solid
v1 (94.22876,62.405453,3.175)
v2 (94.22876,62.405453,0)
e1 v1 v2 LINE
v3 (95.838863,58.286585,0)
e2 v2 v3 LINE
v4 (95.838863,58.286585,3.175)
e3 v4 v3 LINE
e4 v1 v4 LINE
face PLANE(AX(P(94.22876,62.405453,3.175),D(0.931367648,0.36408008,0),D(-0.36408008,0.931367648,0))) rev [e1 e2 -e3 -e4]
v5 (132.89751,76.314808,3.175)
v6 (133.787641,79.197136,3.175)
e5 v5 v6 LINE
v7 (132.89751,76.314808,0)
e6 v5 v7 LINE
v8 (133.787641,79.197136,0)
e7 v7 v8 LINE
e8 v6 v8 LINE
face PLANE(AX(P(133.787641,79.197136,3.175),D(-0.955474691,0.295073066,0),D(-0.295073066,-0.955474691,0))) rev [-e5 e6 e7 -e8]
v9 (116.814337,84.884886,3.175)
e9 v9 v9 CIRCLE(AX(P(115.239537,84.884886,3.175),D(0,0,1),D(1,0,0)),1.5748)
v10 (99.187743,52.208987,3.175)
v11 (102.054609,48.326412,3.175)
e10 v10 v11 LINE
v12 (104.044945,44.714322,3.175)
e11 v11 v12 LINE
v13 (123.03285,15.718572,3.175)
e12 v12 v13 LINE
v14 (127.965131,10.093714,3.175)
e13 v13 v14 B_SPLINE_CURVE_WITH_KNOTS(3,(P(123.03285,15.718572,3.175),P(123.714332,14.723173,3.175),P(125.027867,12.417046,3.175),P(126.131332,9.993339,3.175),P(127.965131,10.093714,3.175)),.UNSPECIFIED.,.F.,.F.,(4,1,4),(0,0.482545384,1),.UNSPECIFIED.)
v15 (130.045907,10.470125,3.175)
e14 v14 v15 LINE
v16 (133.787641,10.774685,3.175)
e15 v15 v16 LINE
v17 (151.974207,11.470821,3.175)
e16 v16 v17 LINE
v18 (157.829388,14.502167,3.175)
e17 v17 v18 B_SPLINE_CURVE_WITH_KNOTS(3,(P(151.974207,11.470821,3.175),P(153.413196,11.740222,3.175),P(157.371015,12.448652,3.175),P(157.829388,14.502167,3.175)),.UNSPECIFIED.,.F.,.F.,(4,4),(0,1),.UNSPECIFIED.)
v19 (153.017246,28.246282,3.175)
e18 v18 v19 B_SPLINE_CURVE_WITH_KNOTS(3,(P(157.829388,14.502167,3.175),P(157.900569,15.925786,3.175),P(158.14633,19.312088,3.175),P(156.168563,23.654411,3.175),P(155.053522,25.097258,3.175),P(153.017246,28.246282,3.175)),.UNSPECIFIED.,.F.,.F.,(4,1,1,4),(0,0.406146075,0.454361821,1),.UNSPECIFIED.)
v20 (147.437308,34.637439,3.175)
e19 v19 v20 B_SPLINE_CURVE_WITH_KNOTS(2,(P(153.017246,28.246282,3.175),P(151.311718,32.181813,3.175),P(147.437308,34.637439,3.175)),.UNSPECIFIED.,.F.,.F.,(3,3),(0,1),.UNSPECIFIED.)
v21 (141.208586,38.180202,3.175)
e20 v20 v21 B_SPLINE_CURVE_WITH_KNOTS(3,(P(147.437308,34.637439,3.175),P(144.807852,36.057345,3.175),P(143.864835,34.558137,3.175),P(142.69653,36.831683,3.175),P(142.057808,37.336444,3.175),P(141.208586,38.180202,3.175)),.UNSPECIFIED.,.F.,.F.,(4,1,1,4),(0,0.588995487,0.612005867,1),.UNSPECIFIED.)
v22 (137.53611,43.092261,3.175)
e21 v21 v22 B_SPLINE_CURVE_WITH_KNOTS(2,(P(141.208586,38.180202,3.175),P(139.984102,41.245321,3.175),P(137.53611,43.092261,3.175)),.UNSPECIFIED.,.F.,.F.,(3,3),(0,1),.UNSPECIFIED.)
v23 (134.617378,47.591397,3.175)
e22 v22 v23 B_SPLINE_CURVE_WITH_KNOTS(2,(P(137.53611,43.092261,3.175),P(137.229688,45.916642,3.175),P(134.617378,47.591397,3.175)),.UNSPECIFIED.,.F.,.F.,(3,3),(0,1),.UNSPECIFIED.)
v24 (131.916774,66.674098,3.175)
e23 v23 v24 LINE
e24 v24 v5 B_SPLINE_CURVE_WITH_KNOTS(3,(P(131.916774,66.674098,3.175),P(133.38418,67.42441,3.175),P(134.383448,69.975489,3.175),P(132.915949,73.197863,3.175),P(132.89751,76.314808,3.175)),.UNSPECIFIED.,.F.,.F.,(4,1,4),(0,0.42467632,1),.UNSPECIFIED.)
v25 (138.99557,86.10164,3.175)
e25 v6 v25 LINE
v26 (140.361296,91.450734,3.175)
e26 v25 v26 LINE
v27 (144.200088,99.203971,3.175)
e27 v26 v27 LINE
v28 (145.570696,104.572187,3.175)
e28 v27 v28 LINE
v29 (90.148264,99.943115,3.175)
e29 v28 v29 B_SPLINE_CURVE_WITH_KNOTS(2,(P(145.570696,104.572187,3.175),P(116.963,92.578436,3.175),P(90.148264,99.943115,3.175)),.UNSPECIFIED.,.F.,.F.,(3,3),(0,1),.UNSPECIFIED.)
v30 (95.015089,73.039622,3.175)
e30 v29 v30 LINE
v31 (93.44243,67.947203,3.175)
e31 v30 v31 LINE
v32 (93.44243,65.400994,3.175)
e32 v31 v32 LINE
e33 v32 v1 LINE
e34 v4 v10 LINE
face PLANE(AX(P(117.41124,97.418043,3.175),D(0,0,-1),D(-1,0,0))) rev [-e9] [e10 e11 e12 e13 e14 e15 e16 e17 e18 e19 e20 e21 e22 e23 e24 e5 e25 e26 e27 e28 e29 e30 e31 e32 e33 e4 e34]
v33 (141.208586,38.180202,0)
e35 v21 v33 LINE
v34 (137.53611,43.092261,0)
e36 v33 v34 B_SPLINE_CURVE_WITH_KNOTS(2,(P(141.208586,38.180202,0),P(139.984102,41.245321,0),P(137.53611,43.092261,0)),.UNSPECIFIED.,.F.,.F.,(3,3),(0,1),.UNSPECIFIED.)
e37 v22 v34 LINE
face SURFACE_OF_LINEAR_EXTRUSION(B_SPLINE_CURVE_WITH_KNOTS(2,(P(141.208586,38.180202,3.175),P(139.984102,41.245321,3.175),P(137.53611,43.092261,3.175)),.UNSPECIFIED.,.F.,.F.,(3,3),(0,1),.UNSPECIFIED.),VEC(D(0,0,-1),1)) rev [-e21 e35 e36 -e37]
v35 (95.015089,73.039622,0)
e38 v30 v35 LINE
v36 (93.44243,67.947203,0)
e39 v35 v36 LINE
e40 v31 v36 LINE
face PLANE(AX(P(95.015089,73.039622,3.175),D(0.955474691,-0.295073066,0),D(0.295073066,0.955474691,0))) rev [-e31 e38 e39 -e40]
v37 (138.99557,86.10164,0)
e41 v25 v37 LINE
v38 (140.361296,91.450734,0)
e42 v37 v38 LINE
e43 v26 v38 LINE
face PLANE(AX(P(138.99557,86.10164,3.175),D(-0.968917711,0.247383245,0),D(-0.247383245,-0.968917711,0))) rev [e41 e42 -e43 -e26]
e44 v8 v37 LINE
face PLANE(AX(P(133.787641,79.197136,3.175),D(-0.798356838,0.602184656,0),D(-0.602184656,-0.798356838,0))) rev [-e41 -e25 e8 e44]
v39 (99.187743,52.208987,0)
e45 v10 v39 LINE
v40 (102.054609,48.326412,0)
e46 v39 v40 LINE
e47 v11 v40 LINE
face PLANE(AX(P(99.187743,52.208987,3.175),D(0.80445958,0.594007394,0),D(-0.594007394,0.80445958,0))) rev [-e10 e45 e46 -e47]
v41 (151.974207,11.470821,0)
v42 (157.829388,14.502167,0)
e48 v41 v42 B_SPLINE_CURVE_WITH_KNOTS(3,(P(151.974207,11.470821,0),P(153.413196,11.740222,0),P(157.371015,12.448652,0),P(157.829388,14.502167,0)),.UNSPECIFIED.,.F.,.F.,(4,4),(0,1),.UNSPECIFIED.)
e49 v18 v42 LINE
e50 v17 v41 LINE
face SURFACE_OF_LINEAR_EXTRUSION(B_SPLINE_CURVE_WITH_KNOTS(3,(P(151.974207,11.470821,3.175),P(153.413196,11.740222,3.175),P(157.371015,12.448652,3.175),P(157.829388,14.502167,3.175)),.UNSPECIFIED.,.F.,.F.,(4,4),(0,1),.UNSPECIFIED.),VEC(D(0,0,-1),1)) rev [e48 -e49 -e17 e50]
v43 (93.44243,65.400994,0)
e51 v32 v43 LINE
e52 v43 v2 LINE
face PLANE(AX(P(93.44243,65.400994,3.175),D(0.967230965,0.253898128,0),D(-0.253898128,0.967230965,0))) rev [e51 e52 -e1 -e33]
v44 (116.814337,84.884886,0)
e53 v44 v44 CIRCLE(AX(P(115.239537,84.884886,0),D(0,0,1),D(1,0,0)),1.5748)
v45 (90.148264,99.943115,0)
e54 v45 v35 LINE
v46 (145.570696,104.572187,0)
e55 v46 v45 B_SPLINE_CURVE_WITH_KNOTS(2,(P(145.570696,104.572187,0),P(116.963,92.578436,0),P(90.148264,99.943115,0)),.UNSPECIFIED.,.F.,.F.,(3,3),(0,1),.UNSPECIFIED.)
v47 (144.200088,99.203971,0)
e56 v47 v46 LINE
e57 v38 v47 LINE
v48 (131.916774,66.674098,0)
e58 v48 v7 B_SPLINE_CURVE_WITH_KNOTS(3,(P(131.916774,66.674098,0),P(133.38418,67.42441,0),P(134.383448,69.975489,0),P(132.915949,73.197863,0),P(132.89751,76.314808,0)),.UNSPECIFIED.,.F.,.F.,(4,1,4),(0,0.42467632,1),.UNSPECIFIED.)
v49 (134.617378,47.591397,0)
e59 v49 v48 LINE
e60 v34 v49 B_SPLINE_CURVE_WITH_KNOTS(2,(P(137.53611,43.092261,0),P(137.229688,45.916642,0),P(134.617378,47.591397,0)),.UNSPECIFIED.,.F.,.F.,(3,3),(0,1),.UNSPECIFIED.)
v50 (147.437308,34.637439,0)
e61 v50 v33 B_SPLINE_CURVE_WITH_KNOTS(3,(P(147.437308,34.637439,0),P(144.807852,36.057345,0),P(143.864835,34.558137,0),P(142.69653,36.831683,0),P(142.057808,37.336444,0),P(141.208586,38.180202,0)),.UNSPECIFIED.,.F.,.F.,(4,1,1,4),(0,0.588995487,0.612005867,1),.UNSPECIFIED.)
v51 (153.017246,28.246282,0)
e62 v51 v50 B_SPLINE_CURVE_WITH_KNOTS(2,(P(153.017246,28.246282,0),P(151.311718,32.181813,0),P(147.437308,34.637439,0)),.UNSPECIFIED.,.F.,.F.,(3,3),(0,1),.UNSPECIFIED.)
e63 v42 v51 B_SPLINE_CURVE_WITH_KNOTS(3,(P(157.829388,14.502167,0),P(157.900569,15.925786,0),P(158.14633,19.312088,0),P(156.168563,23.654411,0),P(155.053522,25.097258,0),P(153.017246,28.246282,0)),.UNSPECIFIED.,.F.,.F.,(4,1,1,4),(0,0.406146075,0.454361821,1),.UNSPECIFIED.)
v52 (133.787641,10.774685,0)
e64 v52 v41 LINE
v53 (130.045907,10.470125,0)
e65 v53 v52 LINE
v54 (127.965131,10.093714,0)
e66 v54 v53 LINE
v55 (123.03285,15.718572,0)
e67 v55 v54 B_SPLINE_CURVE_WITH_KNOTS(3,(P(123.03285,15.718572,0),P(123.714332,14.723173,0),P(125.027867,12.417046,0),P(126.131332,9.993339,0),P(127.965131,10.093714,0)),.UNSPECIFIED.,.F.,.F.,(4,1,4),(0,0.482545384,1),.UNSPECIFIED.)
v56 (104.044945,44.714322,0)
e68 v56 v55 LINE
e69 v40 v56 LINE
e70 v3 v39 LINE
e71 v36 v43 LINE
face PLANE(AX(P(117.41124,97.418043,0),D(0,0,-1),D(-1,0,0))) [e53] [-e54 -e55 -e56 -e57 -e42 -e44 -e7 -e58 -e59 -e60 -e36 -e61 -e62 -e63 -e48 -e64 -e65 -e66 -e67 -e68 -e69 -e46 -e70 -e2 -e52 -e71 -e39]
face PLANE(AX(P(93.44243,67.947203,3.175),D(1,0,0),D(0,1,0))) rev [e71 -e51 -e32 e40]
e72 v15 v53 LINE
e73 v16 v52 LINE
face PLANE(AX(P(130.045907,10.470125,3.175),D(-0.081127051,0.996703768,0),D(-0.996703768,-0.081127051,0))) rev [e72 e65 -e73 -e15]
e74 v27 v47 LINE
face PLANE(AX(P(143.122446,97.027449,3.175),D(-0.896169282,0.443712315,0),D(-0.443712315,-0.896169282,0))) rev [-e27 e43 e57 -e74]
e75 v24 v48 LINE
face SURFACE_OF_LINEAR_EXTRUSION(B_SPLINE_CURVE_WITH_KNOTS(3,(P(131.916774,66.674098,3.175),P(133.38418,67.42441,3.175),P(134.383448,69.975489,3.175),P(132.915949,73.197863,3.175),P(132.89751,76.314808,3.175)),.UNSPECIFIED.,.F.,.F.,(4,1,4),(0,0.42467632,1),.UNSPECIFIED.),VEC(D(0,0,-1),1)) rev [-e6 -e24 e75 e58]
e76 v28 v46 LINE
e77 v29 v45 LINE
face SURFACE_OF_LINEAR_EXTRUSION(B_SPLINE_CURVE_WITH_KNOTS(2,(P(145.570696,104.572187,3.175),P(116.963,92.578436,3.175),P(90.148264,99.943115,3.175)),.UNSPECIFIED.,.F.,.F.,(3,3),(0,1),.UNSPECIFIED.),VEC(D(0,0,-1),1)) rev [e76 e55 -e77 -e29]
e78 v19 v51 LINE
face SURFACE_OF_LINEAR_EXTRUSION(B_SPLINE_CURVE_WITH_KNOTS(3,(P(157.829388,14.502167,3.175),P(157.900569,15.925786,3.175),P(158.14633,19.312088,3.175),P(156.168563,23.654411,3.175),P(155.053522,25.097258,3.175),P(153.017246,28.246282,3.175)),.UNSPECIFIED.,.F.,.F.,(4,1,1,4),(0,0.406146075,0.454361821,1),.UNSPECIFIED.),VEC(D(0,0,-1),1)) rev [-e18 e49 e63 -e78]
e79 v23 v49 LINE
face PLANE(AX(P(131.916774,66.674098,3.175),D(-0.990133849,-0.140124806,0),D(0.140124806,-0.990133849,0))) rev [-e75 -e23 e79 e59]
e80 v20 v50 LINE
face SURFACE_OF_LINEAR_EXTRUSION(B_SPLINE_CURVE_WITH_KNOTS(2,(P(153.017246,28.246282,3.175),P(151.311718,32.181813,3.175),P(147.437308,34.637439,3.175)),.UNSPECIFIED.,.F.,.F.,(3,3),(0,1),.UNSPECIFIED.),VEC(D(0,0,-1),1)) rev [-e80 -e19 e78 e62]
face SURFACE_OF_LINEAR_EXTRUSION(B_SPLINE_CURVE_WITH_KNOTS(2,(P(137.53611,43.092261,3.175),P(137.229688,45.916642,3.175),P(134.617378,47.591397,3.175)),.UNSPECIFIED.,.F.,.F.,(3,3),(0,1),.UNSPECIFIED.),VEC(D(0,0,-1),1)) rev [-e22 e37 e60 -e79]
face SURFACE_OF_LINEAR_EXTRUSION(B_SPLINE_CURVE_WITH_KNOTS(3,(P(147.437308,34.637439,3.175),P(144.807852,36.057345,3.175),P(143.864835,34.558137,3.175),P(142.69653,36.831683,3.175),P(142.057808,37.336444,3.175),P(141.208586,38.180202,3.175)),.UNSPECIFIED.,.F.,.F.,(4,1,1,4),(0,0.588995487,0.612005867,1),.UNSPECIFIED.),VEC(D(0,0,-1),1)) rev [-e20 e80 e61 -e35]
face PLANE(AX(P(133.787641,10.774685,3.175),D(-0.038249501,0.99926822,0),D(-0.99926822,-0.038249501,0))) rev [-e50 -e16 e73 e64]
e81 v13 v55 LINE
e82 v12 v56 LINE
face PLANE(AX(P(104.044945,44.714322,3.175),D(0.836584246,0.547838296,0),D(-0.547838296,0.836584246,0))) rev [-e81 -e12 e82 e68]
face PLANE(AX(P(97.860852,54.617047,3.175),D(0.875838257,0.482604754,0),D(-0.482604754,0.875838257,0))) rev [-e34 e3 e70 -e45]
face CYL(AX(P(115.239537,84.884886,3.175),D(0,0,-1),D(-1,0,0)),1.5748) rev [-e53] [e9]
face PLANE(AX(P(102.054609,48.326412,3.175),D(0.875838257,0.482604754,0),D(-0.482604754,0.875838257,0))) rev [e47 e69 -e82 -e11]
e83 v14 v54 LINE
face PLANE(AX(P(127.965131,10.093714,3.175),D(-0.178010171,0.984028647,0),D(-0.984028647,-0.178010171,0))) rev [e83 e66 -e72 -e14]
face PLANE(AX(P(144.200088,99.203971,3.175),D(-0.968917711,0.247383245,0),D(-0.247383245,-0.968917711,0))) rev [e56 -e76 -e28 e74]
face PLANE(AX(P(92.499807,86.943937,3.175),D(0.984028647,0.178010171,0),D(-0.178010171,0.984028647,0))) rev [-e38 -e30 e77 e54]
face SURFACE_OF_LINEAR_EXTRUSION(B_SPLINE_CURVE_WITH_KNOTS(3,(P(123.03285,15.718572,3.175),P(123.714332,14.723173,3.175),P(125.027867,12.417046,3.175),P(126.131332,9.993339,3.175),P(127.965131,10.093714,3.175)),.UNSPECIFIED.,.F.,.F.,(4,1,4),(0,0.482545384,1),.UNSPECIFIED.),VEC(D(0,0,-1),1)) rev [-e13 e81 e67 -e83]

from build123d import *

# Parameters (mm, degrees)
SKETCH1_R           = 1.5748
BOSS_EXTRUDE2_DEPTH = 3.175


with BuildPart() as part:
    # Sketch1 → Boss-Extrude2 (new body)
    with BuildSketch(Plane.XY):
        with BuildLine():
            Line((95.015088918, 73.039622028), (93.442430116, 67.947203051))
            Line((93.442430116, 67.947203051), (93.442430116, 65.400993562))
            Line((93.442430116, 65.400993562), (94.228759517, 62.405452988))
            Line((94.228759517, 62.405452988), (95.838862576, 58.286584697))
            Line((95.838862576, 58.286584697), (97.860852464, 54.617047494))
            Line((97.860852464, 54.617047494), (99.187742953, 52.208986977))
            Line((99.187742953, 52.208986977), (102.054609268, 48.326412287))
            Line((102.054609268, 48.326412287), (104.044945002, 44.714321512))
            Line((104.044945002, 44.714321512), (123.032849585, 15.718572297))
            add(Edge.make_bspline(
                [(123.032849585, 15.718572297), (123.714332191, 14.723172575), (125.027867192, 12.417046111), (126.13133155, 9.993338557), (127.965130812, 10.093714094)],
                knots=[0, 0, 0, 0, 0.482545384, 1, 1, 1, 1], degree=3))
            Line((127.965130812, 10.093714094), (130.045906785, 10.470125175))
            Line((130.045906785, 10.470125175), (133.787640512, 10.774684897))
            Line((133.787640512, 10.774684897), (151.974206763, 11.470821404))
            add(Edge.make_bspline(
                [(157.829388483, 14.502166506), (157.371014603, 12.448651519), (153.413195637, 11.740221824), (151.974206763, 11.470821404)],
                knots=[0, 0, 0, 0, 1, 1, 1, 1], degree=3))
            add(Edge.make_bspline(
                [(153.017246456, 28.246281812), (155.053521845, 25.097258497), (156.168563434, 23.654410632), (158.146330261, 19.312087579), (157.900569474, 15.925786313), (157.829388483, 14.502166506)],
                knots=[0, 0, 0, 0, 0.545638179, 0.593853925, 1, 1, 1, 1], degree=3))
            add(Edge.make_bspline(
                [(147.437307536, 34.637439041), (151.311718476, 32.18181338), (153.017246456, 28.246281812)],
                knots=[0, 0, 0, 1, 1, 1], degree=2))
            add(Edge.make_bspline(
                [(141.208586267, 38.180201711), (142.057807777, 37.336444115), (142.696530206, 36.831682565), (143.864835089, 34.558137065), (144.807852022, 36.057345018), (147.437307536, 34.637439041)],
                knots=[0, 0, 0, 0, 0.387994133, 0.411004513, 1, 1, 1, 1], degree=3))
            add(Edge.make_bspline(
                [(137.536109778, 43.092261061), (139.98410163, 41.245320741), (141.208586267, 38.180201711)],
                knots=[0, 0, 0, 1, 1, 1], degree=2))
            add(Edge.make_bspline(
                [(134.617377974, 47.591397428), (137.229688432, 45.916641925), (137.536109778, 43.092261061)],
                knots=[0, 0, 0, 1, 1, 1], degree=2))
            Line((134.617377974, 47.591397428), (134.513357882, 48.326412287))
            Line((134.513357882, 48.326412287), (131.916773648, 66.674098307))
            add(Edge.make_bspline(
                [(132.897509942, 76.314808247), (132.915948654, 73.197862503), (134.383448092, 69.97548856), (133.38418012, 67.42441049), (131.916773648, 66.674098307)],
                knots=[0, 0, 0, 0, 0.57532368, 1, 1, 1, 1], degree=3))
            Line((132.897509942, 76.314808247), (133.787640512, 79.197135805))
            Line((133.787640512, 79.197135805), (138.995570312, 86.101639813))
            Line((138.995570312, 86.101639813), (140.361296403, 91.450733668))
            Line((140.361296403, 91.450733668), (143.122445567, 97.027448538))
            Line((143.122445567, 97.027448538), (144.200087546, 99.203970593))
            Line((144.200087546, 99.203970593), (145.570696028, 104.572187149))
            add(Edge.make_bspline(
                [(90.14826379, 99.94311483), (116.963000062, 92.578435943), (145.570696028, 104.572187149)],
                knots=[0, 0, 0, 1, 1, 1], degree=2))
            Line((90.14826379, 99.94311483), (92.499806905, 86.943937416))
            Line((92.499806905, 86.943937416), (95.015088918, 73.039622028))
        make_face()
        with Locations((115.239537292, 84.884886181)):
            Circle(SKETCH1_R, mode=Mode.SUBTRACT)
    extrude(amount=BOSS_EXTRUDE2_DEPTH)


solid = part.part
